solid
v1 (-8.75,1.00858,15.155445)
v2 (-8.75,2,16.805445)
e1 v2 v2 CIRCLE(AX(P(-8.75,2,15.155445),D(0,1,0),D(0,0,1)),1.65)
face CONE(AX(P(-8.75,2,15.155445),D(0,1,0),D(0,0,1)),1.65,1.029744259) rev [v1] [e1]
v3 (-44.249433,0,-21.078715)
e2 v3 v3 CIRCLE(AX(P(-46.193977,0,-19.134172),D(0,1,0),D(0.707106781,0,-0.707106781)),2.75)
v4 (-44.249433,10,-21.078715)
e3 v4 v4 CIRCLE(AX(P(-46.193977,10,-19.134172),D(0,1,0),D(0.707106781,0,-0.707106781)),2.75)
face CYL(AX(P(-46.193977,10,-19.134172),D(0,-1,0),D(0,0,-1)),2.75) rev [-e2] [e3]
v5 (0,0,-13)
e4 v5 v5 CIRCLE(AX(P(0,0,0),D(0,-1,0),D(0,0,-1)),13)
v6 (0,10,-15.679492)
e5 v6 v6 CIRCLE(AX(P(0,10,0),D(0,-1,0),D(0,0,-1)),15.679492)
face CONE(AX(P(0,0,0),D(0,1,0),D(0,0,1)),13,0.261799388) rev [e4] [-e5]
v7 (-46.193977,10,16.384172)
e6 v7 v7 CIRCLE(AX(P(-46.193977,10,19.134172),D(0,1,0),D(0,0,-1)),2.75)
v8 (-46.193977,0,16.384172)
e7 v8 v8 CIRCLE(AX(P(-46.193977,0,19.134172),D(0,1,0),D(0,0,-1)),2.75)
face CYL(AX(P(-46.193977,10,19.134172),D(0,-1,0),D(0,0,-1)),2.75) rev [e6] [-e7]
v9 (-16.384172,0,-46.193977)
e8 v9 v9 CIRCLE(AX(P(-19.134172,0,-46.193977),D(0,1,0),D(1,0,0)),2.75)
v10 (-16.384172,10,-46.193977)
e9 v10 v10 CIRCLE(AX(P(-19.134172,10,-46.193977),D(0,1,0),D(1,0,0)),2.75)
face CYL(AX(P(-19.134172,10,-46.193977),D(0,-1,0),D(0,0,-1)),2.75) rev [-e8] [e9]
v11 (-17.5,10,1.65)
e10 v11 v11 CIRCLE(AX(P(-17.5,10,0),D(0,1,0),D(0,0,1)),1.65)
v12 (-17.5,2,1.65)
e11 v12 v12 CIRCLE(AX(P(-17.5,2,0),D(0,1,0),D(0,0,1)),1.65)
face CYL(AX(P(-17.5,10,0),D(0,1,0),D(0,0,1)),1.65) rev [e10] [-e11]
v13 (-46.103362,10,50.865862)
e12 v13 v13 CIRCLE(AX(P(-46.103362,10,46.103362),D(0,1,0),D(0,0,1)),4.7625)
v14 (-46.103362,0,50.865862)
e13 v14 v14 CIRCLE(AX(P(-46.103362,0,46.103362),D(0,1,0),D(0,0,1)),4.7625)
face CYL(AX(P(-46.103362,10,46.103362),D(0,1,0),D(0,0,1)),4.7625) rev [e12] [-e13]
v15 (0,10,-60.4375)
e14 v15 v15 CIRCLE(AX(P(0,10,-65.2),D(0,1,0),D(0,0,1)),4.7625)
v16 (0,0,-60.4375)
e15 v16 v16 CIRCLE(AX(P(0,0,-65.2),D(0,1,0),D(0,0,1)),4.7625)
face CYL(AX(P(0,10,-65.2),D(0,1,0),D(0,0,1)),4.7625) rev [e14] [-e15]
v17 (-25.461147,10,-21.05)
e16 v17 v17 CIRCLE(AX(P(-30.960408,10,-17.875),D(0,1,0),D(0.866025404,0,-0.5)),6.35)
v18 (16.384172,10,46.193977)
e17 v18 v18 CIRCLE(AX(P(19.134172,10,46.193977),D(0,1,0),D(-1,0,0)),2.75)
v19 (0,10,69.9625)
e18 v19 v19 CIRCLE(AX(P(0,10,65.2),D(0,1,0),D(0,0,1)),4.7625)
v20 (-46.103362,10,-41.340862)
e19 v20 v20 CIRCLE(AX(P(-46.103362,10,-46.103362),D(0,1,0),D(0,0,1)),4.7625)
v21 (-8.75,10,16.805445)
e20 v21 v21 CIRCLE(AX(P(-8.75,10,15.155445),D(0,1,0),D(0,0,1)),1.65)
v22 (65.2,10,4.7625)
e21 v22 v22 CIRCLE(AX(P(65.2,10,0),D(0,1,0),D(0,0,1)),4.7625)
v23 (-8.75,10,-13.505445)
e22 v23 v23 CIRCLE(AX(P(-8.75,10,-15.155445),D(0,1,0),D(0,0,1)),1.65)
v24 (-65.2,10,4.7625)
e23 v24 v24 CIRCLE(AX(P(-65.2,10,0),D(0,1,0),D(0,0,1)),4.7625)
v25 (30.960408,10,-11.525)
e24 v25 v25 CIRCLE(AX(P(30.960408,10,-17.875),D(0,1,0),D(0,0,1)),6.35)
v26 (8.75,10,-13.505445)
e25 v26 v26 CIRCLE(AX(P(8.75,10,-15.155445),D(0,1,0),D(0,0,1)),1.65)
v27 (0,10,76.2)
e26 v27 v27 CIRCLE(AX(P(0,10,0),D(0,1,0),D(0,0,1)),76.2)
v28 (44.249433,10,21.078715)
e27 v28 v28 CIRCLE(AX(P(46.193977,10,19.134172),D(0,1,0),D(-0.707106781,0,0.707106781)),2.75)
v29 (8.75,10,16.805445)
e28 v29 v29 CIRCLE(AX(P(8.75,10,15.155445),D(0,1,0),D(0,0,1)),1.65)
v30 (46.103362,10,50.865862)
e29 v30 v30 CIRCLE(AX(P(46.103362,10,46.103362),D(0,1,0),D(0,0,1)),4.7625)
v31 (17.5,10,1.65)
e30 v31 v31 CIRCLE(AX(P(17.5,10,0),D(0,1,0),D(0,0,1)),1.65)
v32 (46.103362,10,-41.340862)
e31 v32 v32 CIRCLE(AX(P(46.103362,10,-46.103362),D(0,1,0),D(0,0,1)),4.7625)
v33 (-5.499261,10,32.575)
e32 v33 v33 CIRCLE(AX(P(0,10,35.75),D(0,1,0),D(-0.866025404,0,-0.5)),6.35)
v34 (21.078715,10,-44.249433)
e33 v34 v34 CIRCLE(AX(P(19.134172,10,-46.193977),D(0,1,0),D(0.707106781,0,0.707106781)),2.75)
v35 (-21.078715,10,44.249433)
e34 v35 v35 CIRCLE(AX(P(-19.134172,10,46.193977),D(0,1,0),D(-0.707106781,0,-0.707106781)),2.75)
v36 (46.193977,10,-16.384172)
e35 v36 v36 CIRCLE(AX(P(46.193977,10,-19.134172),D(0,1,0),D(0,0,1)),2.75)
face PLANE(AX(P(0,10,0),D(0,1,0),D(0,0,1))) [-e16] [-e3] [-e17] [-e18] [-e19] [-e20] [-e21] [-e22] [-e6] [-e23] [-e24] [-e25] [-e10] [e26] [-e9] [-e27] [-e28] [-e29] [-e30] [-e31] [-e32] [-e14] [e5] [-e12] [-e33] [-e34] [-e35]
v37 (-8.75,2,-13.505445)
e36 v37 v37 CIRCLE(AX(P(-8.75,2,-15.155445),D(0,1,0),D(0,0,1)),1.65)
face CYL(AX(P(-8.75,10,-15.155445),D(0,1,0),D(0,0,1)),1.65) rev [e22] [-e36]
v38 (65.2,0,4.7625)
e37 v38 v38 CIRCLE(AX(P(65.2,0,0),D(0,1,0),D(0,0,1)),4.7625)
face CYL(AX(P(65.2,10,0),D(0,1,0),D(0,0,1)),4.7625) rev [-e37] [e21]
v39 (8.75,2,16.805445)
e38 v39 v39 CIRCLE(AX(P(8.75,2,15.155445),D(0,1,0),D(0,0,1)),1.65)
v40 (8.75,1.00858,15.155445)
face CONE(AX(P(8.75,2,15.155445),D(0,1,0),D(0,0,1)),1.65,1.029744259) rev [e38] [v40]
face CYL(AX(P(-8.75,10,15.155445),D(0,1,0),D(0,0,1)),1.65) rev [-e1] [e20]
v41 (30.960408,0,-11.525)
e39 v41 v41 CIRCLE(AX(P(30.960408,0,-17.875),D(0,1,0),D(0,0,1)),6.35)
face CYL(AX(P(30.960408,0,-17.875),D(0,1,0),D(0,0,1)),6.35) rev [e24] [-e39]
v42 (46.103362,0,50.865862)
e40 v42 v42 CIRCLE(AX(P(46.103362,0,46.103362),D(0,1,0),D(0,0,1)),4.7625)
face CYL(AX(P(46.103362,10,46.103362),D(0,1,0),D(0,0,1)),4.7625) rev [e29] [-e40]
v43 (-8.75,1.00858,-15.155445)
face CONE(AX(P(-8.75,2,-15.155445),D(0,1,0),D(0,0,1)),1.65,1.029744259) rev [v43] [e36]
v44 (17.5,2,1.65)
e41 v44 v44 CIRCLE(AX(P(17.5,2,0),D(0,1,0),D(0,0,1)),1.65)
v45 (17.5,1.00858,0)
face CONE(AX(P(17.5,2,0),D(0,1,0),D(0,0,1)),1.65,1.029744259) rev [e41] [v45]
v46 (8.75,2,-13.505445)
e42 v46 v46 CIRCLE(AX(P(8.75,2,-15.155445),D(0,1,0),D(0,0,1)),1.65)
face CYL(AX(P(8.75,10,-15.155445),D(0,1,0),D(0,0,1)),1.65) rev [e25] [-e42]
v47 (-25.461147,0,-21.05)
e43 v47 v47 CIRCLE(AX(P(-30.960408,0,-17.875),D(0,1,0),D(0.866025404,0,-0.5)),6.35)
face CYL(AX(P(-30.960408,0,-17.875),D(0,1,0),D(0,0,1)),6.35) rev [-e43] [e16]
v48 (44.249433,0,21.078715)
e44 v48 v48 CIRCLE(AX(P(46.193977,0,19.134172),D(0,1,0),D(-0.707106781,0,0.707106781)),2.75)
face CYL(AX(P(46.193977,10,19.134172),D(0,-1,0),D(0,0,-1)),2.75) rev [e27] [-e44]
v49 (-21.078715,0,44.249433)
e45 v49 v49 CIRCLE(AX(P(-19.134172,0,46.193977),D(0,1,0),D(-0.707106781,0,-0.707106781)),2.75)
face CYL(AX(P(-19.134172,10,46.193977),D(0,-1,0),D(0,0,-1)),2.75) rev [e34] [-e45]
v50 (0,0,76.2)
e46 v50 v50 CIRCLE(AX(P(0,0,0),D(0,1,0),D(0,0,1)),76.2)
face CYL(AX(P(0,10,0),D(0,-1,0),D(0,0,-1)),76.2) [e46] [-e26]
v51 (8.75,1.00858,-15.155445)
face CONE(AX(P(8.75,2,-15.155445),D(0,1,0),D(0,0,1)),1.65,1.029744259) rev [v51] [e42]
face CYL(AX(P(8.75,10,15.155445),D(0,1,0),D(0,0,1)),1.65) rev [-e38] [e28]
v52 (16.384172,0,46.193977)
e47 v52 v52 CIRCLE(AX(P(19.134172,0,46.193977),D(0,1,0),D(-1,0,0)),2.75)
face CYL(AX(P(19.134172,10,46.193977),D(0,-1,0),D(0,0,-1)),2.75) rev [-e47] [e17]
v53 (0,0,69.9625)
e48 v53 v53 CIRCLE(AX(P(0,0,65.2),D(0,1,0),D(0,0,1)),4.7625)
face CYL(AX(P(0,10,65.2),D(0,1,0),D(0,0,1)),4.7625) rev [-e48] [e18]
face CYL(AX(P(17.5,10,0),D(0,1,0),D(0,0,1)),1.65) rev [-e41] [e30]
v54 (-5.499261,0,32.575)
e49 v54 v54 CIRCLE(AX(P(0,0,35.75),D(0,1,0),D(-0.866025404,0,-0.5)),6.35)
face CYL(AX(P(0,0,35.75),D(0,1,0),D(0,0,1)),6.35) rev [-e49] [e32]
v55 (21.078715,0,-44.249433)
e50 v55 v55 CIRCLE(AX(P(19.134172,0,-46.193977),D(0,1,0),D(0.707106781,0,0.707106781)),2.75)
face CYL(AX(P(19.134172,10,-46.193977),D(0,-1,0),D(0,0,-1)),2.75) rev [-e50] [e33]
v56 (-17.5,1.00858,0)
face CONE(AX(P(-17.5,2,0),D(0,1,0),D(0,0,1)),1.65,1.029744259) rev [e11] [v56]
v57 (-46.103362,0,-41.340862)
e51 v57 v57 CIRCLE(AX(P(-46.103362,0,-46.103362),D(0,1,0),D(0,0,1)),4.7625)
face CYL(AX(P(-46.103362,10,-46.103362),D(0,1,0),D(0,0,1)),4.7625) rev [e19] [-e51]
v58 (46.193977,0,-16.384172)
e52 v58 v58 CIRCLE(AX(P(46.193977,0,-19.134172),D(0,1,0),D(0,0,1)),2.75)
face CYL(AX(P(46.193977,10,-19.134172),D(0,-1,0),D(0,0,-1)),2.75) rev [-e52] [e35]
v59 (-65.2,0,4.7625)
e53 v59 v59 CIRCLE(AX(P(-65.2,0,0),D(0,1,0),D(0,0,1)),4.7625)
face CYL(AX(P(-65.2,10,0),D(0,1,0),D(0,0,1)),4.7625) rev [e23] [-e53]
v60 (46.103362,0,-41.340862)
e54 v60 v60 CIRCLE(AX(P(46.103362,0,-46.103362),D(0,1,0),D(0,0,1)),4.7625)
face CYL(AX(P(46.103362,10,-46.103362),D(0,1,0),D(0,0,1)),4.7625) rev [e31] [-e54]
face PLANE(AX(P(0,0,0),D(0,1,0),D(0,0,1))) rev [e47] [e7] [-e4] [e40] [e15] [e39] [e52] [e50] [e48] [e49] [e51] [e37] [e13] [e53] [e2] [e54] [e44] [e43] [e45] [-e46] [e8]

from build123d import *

# Parameters (mm, degrees)
SKETCH1_R                    = 76.2
BOSS_EXTRUDE1_DEPTH          = 10
SKETCH6_R                    = 2.75
CUT_EXTRUDE3_DEPTH           = 109.226059708
CIRPATTERN1_COUNT            = 8
SKETCH7_R                    = 6.35
CUT_EXTRUDE4_DEPTH           = 109.226059708
CIRPATTERN2_COUNT            = 3
F_3_8_0_375_DIAMETER_HOLE1_D = 9.525
CIRPATTERN4_COUNT            = 8
CIRPATTERN5_COUNT            = 6


with BuildPart() as part:
    # Sketch1 → Boss-Extrude1 (new body)
    with BuildSketch(Plane(origin=(0, 0, 0), x_dir=(1, 0, 0), z_dir=(0, 1, 0))):
        with Locations(Location((0, 0, 0), (0, 0, 270))):
            Circle(SKETCH1_R)
    extrude(amount=BOSS_EXTRUDE1_DEPTH)

    # Sketch5 → Cut-Revolve1 (revolve, cut)
    with BuildSketch(Plane.XY, mode=Mode.PRIVATE) as cut_revolve1_sk:
        Polygon((0, 0), (0, 10), (15.679491924, 10), (13, 0), align=None)
    revolve(cut_revolve1_sk.sketch.rotate(Axis((0, 0, 0), (0, 1, 0)), 90), axis=Axis((0, 0, 0), (0, 1, 0)), mode=Mode.SUBTRACT)

    # Sketch6 → Cut-Extrude3 (cut, through all)
    with BuildSketch(Plane(origin=(0, 0, 0), x_dir=(1, 0, 0), z_dir=(0, 1, 0))):
        with Locations(Location((46.193976626, 19.134171618, 0), (0, 0, 270))):
            Circle(SKETCH6_R)
    cut_extrude3 = extrude(amount=CUT_EXTRUDE3_DEPTH, mode=Mode.SUBTRACT)

    # CirPattern1: Cut-Extrude3 ×8 about axis
    cirpattern1_axis = Axis((0, 0, 0), (0, 1, 0))
    for i in range(1, CIRPATTERN1_COUNT):
        add(cut_extrude3.rotate(cirpattern1_axis, i * 360 / CIRPATTERN1_COUNT), mode=Mode.SUBTRACT)

    # Sketch7 → Cut-Extrude4 (cut, through all)
    with BuildSketch(Plane(origin=(0, 10, 0), x_dir=(1, 0, 0), z_dir=(0, 1, 0))):
        with Locations(Location((30.960408185, 17.875, 0), (0, 0, 270))):
            Circle(SKETCH7_R)
    cut_extrude4 = extrude(amount=-CUT_EXTRUDE4_DEPTH, mode=Mode.SUBTRACT)

    # CirPattern2: Cut-Extrude4 ×3 about axis
    cirpattern2_axis = Axis((0, 0, 0), (0, 1, 0))
    for i in range(1, CIRPATTERN2_COUNT):
        add(cut_extrude4.rotate(cirpattern2_axis, i * 360 / CIRPATTERN2_COUNT), mode=Mode.SUBTRACT)

    # 3/8 (0.375) Diameter Hole1 (through all)
    with Locations(Plane(origin=(0, 10, 0), x_dir=(1, 0, 0), z_dir=(0, 1, 0))):
        with Locations((-65.2, 0)):
            f_3_8_0_375_diameter_hole1 = Hole(F_3_8_0_375_DIAMETER_HOLE1_D / 2)

    # CirPattern4: 3/8 (0.375) Diameter Hole1 ×8 about axis
    cirpattern4_axis = Axis((0, 0, 0), (0, 1, 0))
    for i in range(1, CIRPATTERN4_COUNT):
        add(f_3_8_0_375_diameter_hole1.rotate(cirpattern4_axis, i * 360 / CIRPATTERN4_COUNT), mode=Mode.SUBTRACT)

    # Sketch13 → Tap Drill for M4x0.7 Tap1 (revolve, cut)
    with BuildSketch(Plane(origin=(17.5, 10, 0), x_dir=(0, 0, 1), z_dir=(1, 0, 0))):
        Polygon((0, 0), (0, 8.991420021), (1.65, 8), (1.65, 0), align=None)
    tap_drill_for_m4x0_7_tap1 = revolve(axis=Axis((17.5, 16.35, 0), (0, -1, 0)), mode=Mode.SUBTRACT)

    # CirPattern5: Tap Drill for M4x0.7 Tap1 ×6 about axis
    cirpattern5_axis = Axis((0, 0, 0), (0, 1, 0))
    for i in range(1, CIRPATTERN5_COUNT):
        add(tap_drill_for_m4x0_7_tap1.rotate(cirpattern5_axis, i * 360 / CIRPATTERN5_COUNT), mode=Mode.SUBTRACT)


solid = part.part
